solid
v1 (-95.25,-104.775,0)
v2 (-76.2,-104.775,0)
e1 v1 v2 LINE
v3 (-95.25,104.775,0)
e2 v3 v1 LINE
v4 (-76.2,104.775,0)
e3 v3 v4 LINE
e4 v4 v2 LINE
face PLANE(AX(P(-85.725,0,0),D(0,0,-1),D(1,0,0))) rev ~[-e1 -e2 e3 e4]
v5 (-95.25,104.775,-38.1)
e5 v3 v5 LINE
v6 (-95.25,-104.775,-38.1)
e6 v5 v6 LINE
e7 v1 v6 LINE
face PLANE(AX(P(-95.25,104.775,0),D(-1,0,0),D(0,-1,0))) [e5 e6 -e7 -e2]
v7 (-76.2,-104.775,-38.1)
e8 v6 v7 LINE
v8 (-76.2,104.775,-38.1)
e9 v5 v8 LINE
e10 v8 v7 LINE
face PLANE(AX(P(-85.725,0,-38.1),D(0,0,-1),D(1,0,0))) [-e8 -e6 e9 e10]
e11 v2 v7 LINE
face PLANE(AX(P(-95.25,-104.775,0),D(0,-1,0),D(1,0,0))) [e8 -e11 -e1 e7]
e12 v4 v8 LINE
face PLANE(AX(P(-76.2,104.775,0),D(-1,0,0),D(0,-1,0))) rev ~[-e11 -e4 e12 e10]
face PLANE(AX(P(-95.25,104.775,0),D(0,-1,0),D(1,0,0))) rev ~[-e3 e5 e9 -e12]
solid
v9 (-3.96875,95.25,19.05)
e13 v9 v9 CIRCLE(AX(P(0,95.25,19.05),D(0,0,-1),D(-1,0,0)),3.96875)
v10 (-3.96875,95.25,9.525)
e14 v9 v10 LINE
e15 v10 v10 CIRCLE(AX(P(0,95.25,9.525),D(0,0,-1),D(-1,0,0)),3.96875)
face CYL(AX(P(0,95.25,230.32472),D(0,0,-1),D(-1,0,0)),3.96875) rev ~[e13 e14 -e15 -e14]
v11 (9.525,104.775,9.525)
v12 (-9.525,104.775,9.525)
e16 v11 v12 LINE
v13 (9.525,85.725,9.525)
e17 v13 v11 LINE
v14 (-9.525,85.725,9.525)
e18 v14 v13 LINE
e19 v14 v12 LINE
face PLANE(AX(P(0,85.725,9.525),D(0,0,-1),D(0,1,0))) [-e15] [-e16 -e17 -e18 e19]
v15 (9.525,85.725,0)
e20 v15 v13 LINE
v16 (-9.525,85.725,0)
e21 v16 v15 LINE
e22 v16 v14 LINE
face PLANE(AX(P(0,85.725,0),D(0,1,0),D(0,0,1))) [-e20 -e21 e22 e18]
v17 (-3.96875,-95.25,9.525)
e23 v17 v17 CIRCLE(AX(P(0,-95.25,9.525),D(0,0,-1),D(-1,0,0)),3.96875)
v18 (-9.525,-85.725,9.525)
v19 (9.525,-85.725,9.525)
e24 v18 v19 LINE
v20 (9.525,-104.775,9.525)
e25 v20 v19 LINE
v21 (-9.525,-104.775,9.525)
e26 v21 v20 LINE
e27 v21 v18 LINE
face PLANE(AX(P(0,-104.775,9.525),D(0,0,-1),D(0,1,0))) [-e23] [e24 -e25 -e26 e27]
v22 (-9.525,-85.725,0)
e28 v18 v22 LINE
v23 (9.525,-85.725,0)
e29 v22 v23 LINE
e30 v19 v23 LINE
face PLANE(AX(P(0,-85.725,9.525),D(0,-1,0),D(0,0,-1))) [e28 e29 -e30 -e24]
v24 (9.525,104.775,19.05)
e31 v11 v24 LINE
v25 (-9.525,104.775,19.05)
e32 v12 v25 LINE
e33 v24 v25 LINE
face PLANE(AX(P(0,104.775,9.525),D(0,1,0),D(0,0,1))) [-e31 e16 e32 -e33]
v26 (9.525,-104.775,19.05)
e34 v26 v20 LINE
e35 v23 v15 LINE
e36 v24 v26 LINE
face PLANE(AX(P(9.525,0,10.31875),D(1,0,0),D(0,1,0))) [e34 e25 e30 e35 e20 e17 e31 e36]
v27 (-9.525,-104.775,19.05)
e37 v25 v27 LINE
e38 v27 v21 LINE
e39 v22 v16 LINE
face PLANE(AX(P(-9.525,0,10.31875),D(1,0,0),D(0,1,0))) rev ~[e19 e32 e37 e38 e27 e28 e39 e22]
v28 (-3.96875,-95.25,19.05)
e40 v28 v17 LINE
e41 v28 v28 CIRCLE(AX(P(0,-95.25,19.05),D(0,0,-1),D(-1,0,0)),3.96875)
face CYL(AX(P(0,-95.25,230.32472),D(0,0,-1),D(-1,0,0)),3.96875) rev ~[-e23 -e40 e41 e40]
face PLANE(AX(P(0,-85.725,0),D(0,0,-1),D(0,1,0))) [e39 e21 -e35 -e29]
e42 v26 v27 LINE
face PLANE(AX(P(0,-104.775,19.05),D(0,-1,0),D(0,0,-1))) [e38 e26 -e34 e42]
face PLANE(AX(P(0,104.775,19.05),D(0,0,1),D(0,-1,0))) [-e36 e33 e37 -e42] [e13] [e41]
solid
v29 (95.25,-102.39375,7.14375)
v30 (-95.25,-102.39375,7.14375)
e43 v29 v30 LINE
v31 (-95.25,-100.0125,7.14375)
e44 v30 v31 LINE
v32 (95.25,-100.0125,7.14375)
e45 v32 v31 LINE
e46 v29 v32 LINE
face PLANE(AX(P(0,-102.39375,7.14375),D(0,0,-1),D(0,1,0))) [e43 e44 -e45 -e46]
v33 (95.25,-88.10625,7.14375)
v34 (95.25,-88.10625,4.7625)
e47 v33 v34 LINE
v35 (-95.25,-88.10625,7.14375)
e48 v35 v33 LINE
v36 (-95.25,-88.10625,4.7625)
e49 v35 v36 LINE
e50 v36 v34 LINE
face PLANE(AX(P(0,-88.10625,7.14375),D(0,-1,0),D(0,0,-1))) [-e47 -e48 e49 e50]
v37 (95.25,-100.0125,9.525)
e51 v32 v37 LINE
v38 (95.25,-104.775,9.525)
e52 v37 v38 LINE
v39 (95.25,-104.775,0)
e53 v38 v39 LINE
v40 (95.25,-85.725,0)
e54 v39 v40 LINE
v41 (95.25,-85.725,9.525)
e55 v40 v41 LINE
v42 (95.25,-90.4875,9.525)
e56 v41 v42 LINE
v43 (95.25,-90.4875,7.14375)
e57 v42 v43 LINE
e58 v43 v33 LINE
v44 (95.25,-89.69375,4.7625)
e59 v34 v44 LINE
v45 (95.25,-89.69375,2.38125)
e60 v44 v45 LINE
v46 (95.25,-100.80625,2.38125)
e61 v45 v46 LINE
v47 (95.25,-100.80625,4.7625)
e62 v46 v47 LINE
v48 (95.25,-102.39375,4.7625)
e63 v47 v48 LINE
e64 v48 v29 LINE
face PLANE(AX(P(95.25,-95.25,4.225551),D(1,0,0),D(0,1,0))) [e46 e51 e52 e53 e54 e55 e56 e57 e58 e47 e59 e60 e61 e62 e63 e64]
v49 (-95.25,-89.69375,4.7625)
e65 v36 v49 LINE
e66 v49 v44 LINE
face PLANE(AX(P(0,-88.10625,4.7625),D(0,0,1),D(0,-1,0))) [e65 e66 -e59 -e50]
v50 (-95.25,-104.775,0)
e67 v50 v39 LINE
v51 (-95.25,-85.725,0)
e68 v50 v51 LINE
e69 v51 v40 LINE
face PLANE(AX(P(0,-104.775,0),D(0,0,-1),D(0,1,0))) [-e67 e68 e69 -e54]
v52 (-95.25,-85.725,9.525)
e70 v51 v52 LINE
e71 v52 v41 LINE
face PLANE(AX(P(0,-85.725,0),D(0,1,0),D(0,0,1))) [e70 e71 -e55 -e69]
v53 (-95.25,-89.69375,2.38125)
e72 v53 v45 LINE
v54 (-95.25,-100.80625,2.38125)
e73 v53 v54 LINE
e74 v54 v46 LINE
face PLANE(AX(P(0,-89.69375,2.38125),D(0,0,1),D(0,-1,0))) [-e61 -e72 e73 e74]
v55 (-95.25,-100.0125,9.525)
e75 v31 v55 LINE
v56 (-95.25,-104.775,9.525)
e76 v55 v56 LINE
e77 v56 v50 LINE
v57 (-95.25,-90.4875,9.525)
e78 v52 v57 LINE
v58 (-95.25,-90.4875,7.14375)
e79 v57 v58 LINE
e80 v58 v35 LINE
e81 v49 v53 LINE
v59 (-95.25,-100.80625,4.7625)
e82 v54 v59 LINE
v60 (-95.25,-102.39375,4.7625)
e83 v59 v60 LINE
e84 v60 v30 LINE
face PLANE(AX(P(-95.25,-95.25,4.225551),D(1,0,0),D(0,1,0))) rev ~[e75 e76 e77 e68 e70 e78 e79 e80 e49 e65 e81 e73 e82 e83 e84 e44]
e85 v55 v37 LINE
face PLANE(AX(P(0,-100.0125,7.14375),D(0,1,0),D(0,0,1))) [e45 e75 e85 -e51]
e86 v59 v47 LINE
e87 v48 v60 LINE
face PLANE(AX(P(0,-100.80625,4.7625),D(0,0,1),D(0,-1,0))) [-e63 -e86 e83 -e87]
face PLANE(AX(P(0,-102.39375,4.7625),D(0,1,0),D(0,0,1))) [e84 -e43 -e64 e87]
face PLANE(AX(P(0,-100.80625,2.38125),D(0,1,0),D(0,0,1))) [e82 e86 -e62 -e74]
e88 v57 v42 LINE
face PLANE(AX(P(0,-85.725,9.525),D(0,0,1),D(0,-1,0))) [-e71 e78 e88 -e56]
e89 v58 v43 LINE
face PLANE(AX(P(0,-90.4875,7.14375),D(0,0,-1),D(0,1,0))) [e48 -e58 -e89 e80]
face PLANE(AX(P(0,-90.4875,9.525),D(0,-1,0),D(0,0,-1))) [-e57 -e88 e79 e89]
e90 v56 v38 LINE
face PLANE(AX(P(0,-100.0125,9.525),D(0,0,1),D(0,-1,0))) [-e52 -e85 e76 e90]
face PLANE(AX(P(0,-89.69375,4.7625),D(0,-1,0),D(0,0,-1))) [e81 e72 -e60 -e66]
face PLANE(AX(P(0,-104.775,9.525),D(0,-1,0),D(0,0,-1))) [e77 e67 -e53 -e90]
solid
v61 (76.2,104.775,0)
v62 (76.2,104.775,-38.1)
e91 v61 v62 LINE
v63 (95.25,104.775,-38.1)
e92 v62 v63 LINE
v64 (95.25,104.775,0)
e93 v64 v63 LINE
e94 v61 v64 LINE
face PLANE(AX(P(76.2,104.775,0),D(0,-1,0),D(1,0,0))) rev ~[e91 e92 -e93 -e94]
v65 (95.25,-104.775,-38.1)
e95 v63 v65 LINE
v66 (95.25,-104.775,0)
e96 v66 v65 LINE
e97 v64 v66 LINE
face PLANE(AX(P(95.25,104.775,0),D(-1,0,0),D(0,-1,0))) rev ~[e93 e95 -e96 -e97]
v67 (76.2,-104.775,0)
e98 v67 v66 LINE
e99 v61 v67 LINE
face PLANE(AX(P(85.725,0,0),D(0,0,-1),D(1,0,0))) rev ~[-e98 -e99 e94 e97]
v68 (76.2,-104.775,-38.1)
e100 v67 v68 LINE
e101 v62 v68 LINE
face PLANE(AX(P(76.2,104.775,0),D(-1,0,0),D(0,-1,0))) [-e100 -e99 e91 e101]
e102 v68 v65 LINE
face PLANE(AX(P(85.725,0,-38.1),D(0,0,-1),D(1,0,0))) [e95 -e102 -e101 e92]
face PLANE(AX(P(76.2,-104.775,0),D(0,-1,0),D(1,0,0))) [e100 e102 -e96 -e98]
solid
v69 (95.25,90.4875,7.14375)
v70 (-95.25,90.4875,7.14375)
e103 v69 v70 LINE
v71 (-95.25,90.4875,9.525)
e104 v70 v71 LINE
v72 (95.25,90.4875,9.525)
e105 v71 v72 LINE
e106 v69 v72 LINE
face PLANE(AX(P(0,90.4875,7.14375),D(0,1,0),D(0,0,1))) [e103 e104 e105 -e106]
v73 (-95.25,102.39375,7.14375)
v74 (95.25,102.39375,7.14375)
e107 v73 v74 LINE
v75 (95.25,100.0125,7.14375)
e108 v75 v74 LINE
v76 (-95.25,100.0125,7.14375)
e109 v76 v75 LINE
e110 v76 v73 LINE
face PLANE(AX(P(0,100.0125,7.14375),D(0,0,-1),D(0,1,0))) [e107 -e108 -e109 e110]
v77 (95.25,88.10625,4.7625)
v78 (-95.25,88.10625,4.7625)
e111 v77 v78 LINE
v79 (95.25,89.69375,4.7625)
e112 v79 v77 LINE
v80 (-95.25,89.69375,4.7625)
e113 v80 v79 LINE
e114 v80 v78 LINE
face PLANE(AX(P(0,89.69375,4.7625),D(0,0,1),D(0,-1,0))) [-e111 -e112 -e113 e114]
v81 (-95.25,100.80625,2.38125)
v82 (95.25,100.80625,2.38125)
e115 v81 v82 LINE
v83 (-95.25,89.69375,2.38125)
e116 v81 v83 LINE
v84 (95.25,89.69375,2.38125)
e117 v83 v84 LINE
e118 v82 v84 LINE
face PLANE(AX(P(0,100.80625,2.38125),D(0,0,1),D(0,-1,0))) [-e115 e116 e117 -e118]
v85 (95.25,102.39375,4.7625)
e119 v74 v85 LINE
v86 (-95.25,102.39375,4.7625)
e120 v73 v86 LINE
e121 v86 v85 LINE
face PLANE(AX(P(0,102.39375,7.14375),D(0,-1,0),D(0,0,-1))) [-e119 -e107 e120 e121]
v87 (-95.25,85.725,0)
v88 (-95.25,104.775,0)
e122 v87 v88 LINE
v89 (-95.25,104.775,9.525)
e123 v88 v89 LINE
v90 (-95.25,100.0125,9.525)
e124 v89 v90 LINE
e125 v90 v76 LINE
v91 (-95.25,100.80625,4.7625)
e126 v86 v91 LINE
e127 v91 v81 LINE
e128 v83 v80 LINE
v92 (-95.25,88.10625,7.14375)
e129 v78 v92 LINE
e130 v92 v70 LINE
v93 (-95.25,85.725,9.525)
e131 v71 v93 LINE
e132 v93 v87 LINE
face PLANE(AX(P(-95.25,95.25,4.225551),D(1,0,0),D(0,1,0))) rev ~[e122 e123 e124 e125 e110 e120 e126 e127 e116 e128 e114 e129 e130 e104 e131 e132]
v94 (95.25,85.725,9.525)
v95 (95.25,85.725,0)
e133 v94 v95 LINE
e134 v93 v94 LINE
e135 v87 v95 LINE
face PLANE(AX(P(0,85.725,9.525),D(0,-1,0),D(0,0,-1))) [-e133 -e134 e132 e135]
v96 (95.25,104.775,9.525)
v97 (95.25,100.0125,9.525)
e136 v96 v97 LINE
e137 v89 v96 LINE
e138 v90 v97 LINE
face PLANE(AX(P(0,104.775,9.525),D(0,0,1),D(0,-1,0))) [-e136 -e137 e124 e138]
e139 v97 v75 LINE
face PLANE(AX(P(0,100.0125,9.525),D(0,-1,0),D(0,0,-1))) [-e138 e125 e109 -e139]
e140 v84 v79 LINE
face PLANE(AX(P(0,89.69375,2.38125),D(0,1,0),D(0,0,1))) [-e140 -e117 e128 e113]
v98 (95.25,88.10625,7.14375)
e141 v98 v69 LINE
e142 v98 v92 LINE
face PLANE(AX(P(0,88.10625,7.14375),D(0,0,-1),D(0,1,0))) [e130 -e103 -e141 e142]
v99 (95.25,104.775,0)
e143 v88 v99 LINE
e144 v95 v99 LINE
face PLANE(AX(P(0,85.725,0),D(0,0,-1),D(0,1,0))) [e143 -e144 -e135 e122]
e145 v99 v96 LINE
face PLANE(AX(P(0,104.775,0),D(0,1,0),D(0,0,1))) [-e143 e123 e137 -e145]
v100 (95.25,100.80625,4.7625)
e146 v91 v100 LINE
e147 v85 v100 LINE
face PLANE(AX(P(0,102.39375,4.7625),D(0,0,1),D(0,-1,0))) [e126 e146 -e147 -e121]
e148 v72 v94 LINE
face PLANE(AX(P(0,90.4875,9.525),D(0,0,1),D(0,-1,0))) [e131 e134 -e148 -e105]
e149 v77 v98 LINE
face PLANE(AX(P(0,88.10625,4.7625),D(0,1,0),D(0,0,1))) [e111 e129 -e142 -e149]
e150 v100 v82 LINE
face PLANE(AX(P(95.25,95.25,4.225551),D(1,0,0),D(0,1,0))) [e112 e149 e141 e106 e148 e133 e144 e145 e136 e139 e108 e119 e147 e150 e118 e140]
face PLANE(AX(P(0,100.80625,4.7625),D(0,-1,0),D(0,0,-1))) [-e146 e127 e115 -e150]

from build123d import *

# Parameters (mm, degrees)
F3_DEPTH = 95.25
F1_W     = 19.05
F1_H     = 209.55
F4_DEPTH = 38.1
F5_DEPTH = 9.525
F7_D     = 7.9375


with BuildPart() as f3:
    # F0 (on Right) → F3 (new body, symmetric)
    with BuildSketch(Plane.YZ):
        Polygon((-100.0125, 7.14375), (-100.0125, 9.525), (-104.775, 9.525), (-104.775, 0), (-85.725, 0), (-85.725, 9.525), (-90.4875, 9.525), (-90.4875, 7.14375), (-88.10625, 7.14375), (-88.10625, 4.7625), (-89.69375, 4.7625), (-89.69375, 2.38125), (-100.80625, 2.38125), (-100.80625, 4.7625), (-102.39375, 4.7625), (-102.39375, 7.14375), align=None)
    extrude(amount=F3_DEPTH, both=True)


with BuildPart() as f3b:
    # F0 (on Right) → F3, piece 2 (new body, symmetric)
    with BuildSketch(Plane.YZ):
        Polygon((90.4875, 7.14375), (90.4875, 9.525), (85.725, 9.525), (85.725, 0), (104.775, 0), (104.775, 9.525), (100.0125, 9.525), (100.0125, 7.14375), (102.39375, 7.14375), (102.39375, 4.7625), (100.80625, 4.7625), (100.80625, 2.38125), (89.69375, 2.38125), (89.69375, 4.7625), (88.10625, 4.7625), (88.10625, 7.14375), align=None)
    extrude(amount=F3_DEPTH, both=True)


with BuildPart() as f4:
    # F1 (on face) → F4 (new body)
    with BuildSketch(Plane(origin=(0, 0, 0), x_dir=(1, 0, 0), z_dir=(0, 0, -1))):
        with Locations((-85.725, 0)):
            Rectangle(F1_W, F1_H)
    extrude(amount=F4_DEPTH)


with BuildPart() as f4b:
    # F1 (on face) → F4, piece 2 (new body)
    with BuildSketch(Plane(origin=(0, 0, 0), x_dir=(1, 0, 0), z_dir=(0, 0, -1))):
        with Locations((85.725, 0)):
            Rectangle(F1_W, F1_H)
    extrude(amount=F4_DEPTH)


with BuildPart() as f5:
    # F2 (on Right) → F5 (new body, symmetric)
    with BuildSketch(Plane.YZ):
        Polygon((-104.775, 19.05), (-104.775, 9.525), (-85.725, 9.525), (-85.725, 0), (85.725, 0), (85.725, 9.525), (104.775, 9.525), (104.775, 19.05), align=None)
    extrude(amount=F5_DEPTH, both=True)

    # F7 (through all)
    with Locations(Plane.XY.offset(19.05)):
        with Locations((0, -95.25), (0, 95.25)):
            Hole(F7_D / 2)


solid = Compound([f3.part, f3b.part, f4.part, f4b.part, f5.part])
